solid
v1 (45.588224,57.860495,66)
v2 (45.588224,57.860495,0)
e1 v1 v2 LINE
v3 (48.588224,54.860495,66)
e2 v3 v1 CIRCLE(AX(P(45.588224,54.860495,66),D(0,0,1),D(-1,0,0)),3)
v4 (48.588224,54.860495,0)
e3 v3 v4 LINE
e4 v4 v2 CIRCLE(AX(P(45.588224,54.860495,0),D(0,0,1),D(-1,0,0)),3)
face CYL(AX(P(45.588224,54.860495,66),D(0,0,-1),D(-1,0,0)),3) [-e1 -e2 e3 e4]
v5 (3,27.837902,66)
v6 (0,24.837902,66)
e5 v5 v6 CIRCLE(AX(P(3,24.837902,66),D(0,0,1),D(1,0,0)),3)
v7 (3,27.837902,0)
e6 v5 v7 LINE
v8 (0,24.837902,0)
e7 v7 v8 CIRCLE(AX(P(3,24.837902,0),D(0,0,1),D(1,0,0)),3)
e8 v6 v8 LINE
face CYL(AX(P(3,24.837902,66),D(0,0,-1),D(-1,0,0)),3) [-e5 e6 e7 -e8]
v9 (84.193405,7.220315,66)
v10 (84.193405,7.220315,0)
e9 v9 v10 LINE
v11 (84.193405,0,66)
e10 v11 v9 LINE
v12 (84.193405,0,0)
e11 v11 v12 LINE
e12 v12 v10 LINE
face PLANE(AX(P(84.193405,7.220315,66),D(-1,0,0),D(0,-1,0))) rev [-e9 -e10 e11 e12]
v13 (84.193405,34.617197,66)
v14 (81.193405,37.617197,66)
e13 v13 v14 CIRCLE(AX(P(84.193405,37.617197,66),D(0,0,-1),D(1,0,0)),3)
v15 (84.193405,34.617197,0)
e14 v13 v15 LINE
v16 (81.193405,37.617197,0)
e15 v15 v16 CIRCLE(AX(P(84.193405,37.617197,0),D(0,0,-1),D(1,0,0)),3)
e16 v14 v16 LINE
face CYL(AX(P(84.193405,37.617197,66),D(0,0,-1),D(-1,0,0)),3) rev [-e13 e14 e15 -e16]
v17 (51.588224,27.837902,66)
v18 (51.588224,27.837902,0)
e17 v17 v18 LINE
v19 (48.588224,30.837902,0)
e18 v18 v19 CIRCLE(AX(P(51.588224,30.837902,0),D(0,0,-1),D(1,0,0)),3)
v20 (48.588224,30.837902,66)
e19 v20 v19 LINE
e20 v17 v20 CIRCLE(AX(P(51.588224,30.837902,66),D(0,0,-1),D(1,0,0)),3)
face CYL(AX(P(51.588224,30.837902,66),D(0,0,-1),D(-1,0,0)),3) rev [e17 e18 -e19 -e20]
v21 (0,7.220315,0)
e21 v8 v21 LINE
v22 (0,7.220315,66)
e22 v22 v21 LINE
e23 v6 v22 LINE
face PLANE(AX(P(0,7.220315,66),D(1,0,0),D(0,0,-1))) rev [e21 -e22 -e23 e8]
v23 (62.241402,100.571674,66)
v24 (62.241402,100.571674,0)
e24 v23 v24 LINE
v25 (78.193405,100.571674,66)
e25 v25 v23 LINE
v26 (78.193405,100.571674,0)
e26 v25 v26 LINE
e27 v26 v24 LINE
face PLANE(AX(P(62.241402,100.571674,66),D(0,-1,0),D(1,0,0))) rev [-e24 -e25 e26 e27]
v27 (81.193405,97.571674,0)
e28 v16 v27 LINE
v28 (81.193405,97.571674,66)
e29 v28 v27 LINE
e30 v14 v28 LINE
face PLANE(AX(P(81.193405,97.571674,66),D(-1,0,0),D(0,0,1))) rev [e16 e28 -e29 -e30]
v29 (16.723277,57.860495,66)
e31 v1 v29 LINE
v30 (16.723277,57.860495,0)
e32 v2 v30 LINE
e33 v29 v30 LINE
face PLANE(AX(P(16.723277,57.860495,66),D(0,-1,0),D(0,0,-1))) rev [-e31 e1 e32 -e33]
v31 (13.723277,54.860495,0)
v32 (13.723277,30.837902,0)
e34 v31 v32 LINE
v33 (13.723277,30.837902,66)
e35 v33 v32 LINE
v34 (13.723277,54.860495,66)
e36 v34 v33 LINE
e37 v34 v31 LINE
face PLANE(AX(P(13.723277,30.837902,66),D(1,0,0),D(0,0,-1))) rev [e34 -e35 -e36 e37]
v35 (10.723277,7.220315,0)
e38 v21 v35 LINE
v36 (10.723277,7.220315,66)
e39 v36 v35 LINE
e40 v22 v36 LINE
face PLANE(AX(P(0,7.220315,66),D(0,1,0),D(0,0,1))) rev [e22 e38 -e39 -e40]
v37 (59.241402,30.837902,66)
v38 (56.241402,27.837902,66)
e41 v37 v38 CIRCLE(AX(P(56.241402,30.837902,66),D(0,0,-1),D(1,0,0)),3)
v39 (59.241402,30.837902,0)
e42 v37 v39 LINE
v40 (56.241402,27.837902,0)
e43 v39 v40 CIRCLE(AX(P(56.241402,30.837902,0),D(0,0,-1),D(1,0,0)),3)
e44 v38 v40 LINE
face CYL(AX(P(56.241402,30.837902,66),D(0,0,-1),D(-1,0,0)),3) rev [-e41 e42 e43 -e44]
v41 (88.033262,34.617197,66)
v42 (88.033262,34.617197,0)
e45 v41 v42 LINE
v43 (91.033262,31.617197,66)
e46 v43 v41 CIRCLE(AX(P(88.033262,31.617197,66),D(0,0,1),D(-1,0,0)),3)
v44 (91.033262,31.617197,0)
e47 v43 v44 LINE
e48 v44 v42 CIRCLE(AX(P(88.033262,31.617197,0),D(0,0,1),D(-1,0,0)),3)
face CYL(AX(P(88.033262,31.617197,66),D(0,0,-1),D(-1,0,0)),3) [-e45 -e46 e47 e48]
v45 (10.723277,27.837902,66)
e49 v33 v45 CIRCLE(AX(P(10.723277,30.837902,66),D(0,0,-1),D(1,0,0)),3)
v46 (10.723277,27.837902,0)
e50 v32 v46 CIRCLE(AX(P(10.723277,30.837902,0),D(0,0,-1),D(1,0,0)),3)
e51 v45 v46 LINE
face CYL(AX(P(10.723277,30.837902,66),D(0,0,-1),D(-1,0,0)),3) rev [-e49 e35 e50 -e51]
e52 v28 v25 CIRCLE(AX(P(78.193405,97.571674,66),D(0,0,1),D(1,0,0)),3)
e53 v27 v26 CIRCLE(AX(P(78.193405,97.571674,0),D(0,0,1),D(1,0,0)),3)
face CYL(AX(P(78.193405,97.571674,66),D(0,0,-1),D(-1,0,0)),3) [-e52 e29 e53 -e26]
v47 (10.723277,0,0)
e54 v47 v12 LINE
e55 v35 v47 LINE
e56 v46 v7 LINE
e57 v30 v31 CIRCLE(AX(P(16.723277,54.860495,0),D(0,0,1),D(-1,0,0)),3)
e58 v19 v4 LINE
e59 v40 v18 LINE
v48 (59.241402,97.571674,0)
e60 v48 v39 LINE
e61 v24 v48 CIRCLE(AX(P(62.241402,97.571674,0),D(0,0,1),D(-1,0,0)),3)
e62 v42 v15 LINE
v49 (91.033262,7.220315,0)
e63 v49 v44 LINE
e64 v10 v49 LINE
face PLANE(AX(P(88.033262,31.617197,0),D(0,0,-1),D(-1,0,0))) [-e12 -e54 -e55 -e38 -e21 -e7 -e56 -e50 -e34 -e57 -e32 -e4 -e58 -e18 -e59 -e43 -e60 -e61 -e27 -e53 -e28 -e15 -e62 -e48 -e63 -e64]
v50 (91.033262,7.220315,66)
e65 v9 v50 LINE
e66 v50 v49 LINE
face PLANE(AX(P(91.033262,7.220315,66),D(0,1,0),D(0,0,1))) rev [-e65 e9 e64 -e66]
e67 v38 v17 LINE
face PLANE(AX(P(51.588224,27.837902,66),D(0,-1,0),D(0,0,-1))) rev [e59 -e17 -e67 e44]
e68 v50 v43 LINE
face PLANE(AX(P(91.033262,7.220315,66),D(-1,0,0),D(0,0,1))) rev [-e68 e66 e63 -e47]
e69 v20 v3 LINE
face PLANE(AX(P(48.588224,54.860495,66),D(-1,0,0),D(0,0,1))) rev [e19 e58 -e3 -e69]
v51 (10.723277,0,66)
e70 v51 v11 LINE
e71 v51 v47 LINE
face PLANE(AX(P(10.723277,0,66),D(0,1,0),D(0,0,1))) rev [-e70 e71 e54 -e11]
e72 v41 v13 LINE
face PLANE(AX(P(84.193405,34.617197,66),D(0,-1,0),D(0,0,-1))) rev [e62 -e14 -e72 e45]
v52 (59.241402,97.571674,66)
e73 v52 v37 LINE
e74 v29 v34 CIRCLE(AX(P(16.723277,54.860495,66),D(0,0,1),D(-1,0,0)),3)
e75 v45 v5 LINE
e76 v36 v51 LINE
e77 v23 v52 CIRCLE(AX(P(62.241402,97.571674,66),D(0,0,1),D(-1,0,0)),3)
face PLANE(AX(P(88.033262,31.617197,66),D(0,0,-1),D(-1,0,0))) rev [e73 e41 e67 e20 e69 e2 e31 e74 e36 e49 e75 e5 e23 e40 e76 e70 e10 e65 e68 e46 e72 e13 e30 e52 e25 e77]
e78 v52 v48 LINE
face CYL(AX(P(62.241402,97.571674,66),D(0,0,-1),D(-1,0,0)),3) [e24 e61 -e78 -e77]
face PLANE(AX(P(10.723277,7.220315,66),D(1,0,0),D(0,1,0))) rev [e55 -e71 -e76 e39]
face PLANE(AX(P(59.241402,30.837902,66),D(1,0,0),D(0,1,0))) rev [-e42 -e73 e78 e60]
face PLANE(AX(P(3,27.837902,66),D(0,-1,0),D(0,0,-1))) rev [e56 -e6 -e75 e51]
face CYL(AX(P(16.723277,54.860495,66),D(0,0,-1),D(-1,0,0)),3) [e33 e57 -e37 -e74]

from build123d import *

# Parameters (mm, degrees)
Y_KSEKLIK_EKSTR_ZYON2_DEPTH = 66


with BuildPart() as part:
    # Çizim5 → Yükseklik-Ekstrüzyon2 (new body)
    with BuildSketch(Plane.XY):
        with BuildLine():
            Line((3, 27.837901934), (10.723277294, 27.837901934))
            ThreePointArc((10.723277294, 27.837901934), (12.844597638, 28.716581591), (13.723277294, 30.837901934))
            Line((13.723277294, 30.837901934), (13.723277294, 54.860494767))
            ThreePointArc((13.723277294, 54.860494767), (14.60195695, 56.98181511), (16.723277294, 57.860494767))
            Line((16.723277294, 57.860494767), (45.588223809, 57.860494767))
            ThreePointArc((45.588223809, 57.860494767), (47.709544152, 56.98181511), (48.588223809, 54.860494767))
            Line((48.588223809, 54.860494767), (48.588223809, 30.837901934))
            ThreePointArc((48.588223809, 30.837901934), (49.466903465, 28.716581591), (51.588223809, 27.837901934))
            Line((51.588223809, 27.837901934), (56.24140191, 27.837901934))
            ThreePointArc((56.24140191, 27.837901934), (58.362722254, 28.716581591), (59.24140191, 30.837901934))
            Line((59.24140191, 30.837901934), (59.24140191, 97.571673858))
            ThreePointArc((59.24140191, 97.571673858), (60.120081567, 99.692994202), (62.24140191, 100.571673858))
            Line((62.24140191, 100.571673858), (78.193405271, 100.571673858))
            ThreePointArc((78.193405271, 100.571673858), (80.314725615, 99.692994202), (81.193405271, 97.571673858))
            Line((81.193405271, 97.571673858), (81.193405271, 37.61719709))
            ThreePointArc((81.193405271, 37.61719709), (82.072084928, 35.495876747), (84.193405271, 34.61719709))
            Line((84.193405271, 34.61719709), (88.033262194, 34.61719709))
            ThreePointArc((88.033262194, 34.61719709), (90.154582538, 33.738517434), (91.033262194, 31.61719709))
            Line((91.033262194, 31.61719709), (91.033262194, 7.220315017))
            Line((91.033262194, 7.220315017), (84.193405271, 7.220315017))
            Line((84.193405271, 7.220315017), (84.193405271, 0))
            Line((84.193405271, 0), (10.723277294, 0))
            Line((10.723277294, 0), (10.723277294, 7.220315017))
            Line((10.723277294, 7.220315017), (0, 7.220315017))
            Line((0, 7.220315017), (0, 24.837901934))
            ThreePointArc((0, 24.837901934), (0.878679656, 26.959222278), (3, 27.837901934))
        make_face()
    extrude(amount=Y_KSEKLIK_EKSTR_ZYON2_DEPTH)


solid = part.part
